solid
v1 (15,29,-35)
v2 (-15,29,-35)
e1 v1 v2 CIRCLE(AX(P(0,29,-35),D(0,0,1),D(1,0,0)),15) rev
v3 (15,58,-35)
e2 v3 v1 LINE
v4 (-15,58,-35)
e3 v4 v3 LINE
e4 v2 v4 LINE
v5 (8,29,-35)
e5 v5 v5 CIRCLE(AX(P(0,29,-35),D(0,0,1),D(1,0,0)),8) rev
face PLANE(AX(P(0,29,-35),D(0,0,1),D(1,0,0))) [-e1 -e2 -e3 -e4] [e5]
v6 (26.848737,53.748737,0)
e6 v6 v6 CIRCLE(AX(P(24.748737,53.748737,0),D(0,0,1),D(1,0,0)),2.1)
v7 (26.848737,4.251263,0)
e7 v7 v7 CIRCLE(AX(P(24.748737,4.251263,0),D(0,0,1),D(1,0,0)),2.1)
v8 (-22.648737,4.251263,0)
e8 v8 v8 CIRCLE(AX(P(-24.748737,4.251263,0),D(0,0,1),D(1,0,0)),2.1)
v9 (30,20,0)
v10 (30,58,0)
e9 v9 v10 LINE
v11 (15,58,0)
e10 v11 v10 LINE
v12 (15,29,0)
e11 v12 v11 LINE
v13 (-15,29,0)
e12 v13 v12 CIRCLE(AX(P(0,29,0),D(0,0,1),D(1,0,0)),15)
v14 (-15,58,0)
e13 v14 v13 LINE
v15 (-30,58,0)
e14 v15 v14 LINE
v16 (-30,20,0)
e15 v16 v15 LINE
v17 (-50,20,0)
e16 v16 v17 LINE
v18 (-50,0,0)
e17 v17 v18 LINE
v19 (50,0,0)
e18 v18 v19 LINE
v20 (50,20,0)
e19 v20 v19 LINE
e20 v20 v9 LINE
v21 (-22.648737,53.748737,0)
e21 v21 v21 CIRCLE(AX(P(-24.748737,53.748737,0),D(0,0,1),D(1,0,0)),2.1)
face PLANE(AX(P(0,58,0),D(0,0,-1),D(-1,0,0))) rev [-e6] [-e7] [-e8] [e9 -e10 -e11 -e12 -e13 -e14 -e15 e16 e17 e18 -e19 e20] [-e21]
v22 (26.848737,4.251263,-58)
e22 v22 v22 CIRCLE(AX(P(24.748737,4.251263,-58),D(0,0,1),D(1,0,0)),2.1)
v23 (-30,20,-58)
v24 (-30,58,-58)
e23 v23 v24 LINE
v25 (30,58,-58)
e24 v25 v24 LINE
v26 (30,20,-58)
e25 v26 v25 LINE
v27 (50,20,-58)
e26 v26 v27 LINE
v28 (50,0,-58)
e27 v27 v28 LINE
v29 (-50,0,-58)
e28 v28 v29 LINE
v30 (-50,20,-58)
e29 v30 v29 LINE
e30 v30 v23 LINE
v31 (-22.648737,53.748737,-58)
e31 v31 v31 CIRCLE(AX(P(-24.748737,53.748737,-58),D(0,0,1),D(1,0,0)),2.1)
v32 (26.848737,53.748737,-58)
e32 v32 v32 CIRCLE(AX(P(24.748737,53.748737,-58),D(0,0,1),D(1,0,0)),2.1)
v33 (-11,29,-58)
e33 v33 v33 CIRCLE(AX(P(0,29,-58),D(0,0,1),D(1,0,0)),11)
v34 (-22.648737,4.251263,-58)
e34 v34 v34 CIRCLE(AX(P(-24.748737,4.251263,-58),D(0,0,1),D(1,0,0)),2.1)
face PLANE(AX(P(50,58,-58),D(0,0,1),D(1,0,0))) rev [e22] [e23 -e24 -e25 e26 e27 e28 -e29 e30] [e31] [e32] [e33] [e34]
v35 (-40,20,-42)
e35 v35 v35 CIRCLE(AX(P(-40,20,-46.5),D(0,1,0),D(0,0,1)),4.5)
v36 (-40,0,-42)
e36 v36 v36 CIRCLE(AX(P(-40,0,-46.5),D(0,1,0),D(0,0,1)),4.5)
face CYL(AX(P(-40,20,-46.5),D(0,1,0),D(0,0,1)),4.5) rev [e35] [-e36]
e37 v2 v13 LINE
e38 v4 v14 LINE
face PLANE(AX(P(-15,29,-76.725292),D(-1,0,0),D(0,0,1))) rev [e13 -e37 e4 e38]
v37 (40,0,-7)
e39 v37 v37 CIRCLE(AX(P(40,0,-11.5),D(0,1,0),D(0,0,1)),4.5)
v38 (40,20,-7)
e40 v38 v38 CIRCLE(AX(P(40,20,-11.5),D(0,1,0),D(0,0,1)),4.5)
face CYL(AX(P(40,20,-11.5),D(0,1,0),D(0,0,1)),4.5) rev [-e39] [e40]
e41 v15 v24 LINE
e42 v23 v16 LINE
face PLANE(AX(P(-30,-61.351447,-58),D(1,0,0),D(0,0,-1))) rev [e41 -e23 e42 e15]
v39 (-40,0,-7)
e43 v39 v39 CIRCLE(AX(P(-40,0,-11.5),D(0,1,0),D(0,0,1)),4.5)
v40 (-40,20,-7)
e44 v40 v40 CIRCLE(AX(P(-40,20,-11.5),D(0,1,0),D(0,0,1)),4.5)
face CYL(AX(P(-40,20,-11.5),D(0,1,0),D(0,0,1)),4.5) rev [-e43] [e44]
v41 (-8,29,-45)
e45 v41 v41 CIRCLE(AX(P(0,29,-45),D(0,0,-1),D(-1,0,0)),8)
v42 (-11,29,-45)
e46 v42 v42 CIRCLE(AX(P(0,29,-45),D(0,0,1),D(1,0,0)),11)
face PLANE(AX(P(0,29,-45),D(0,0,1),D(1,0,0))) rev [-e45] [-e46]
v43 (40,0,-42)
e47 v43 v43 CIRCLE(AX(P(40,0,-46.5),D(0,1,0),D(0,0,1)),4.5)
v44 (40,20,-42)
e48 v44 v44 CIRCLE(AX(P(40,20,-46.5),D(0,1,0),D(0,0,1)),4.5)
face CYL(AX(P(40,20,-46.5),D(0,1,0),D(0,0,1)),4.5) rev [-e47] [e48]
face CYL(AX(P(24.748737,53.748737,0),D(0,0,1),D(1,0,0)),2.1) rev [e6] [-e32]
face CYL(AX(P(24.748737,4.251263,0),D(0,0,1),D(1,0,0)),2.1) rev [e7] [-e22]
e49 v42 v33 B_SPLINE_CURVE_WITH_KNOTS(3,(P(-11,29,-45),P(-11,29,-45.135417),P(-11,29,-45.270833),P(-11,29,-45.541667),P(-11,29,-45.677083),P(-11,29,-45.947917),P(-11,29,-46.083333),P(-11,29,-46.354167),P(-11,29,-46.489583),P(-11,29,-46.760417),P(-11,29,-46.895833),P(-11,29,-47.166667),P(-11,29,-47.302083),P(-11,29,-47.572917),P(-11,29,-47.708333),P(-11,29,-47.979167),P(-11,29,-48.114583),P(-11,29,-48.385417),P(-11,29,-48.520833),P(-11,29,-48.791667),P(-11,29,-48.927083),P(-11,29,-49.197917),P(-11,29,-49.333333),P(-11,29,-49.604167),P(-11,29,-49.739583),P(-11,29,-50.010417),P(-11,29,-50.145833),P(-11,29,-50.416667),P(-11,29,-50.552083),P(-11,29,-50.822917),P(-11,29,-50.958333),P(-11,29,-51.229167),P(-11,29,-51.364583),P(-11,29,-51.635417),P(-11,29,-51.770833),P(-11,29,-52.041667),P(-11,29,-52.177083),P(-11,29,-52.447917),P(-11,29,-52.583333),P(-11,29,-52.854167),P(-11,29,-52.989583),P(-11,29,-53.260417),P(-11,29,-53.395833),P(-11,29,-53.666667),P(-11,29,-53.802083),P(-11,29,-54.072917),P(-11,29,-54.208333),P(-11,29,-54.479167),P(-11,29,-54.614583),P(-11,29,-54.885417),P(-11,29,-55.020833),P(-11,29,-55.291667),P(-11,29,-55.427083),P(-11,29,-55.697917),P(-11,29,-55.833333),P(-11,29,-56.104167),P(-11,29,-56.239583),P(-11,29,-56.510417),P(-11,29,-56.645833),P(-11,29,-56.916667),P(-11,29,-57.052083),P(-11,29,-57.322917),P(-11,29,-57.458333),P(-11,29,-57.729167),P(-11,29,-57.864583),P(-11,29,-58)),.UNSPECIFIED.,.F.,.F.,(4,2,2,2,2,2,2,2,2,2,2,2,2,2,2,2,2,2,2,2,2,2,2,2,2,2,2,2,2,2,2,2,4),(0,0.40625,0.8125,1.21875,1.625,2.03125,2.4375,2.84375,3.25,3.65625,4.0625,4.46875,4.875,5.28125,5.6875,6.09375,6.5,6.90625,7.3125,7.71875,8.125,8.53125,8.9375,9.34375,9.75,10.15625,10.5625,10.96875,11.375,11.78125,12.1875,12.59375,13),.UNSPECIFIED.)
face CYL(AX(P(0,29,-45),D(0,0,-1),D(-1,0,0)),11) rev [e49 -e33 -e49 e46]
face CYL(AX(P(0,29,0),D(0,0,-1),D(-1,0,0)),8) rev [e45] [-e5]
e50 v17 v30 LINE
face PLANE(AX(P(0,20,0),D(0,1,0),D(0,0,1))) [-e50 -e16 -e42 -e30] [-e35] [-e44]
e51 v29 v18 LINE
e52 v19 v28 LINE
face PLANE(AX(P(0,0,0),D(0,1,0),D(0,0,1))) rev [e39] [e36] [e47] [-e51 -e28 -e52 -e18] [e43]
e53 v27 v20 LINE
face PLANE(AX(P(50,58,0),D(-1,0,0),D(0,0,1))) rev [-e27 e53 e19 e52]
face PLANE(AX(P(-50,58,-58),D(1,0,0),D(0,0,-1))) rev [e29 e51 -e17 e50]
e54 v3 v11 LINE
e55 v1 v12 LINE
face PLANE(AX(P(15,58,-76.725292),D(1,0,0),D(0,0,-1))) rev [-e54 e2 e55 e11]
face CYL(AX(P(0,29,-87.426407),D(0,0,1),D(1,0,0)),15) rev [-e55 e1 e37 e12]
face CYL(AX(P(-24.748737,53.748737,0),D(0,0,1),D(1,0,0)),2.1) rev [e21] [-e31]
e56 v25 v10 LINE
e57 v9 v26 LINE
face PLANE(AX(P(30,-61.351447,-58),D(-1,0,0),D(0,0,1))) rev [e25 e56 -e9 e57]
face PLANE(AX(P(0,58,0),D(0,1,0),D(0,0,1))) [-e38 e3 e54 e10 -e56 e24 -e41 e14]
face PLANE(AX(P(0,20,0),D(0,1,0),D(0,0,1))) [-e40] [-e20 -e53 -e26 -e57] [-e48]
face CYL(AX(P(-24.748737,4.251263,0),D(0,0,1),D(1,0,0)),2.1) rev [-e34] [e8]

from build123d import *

# Parameters (mm, degrees)
BOSS_EXTRUDE1_DEPTH  = 58
SKETCH3_R            = 11
CUT_EXTRUDE1_DEPTH   = 13
SKETCH4_R            = 8
CUT_EXTRUDE2_DEPTH   = 89.820042783
SKETCH5_R            = 15
CUT_EXTRUDE3_DEPTH   = 35
SKETCH6_W            = 30
SKETCH6_H            = 29
CUT_EXTRUDE4_DEPTH   = 35
M5_TAPPED_HOLE1_D    = 4.2
SKETCH12_W           = 20
SKETCH12_H           = 58
CUT_EXTRUDE6_DEPTH   = 38
M8_CLEARANCE_HOLE1_D = 9


with BuildPart() as part:
    # Sketch2 → Boss-Extrude1 (new body)
    with BuildSketch(Plane(origin=(0, 0, 0), x_dir=(1, 0, 0), z_dir=(0, 1, 0))):
        Polygon((-50, 0), (0, 0), (50, 0), (50, 58), (-50, 58), align=None)
    extrude(amount=BOSS_EXTRUDE1_DEPTH)

    # Sketch3 → Cut-Extrude1 (cut)
    with BuildSketch(Plane.XY.offset(-58)):
        with Locations(Location((0, 29, 0), (0, 0, 180))):
            Circle(SKETCH3_R)
    extrude(amount=CUT_EXTRUDE1_DEPTH, mode=Mode.SUBTRACT)

    # Sketch4 → Cut-Extrude2 (cut, through all)
    with BuildSketch(Plane(origin=(0, 0, -45), x_dir=(-1, 0, 0), z_dir=(0, 0, -1))):
        with Locations((0, 29)):
            Circle(SKETCH4_R)
    extrude(amount=-CUT_EXTRUDE2_DEPTH, mode=Mode.SUBTRACT)

    # Sketch5 → Cut-Extrude3 (cut)
    with BuildSketch(Plane.XY):
        with Locations((0, 29)):
            Circle(SKETCH5_R)
    extrude(amount=-CUT_EXTRUDE3_DEPTH, mode=Mode.SUBTRACT)

    # Sketch6 → Cut-Extrude4 (cut)
    with BuildSketch(Plane.XY):
        with Locations((0, 43.5)):
            Rectangle(SKETCH6_W, SKETCH6_H)
    extrude(amount=-CUT_EXTRUDE4_DEPTH, mode=Mode.SUBTRACT)

    # M5 Tapped Hole1 (through all)
    with Locations(Plane(origin=(8.704435936, 17.394887918, 0), x_dir=(1, 0, 0), z_dir=(0, 0, 1))):
        with Locations((16.044301406, 36.353849424), (-33.453173277, 36.353849424), (-33.453173277, -13.143625259), (16.044301406, -13.143625259)):
            Hole(M5_TAPPED_HOLE1_D / 2)

    # Sketch12 → Cut-Extrude6 (cut)
    with BuildSketch(Plane(origin=(0, 58, 0), x_dir=(1, 0, 0), z_dir=(0, 1, 0))):
        with Locations((-40, 29)):
            Rectangle(SKETCH12_W, SKETCH12_H)
        with Locations((40, 29)):
            Rectangle(SKETCH12_W, SKETCH12_H)
    extrude(amount=-CUT_EXTRUDE6_DEPTH, mode=Mode.SUBTRACT)

    # M8 Clearance Hole1 (through all)
    with Locations(Plane(origin=(8.704435936, 20, -505.336111538), x_dir=(1, 0, 0), z_dir=(0, 1, 0))):
        with Locations((-48.704435936, -458.836111538), (-48.704435936, -493.836111538), (31.295564064, -458.836111538), (31.295564064, -493.836111538), (-48.704435936, 58.078352635), (31.295564064, 58.078352635)):
            Hole(M8_CLEARANCE_HOLE1_D / 2)


solid = part.part
